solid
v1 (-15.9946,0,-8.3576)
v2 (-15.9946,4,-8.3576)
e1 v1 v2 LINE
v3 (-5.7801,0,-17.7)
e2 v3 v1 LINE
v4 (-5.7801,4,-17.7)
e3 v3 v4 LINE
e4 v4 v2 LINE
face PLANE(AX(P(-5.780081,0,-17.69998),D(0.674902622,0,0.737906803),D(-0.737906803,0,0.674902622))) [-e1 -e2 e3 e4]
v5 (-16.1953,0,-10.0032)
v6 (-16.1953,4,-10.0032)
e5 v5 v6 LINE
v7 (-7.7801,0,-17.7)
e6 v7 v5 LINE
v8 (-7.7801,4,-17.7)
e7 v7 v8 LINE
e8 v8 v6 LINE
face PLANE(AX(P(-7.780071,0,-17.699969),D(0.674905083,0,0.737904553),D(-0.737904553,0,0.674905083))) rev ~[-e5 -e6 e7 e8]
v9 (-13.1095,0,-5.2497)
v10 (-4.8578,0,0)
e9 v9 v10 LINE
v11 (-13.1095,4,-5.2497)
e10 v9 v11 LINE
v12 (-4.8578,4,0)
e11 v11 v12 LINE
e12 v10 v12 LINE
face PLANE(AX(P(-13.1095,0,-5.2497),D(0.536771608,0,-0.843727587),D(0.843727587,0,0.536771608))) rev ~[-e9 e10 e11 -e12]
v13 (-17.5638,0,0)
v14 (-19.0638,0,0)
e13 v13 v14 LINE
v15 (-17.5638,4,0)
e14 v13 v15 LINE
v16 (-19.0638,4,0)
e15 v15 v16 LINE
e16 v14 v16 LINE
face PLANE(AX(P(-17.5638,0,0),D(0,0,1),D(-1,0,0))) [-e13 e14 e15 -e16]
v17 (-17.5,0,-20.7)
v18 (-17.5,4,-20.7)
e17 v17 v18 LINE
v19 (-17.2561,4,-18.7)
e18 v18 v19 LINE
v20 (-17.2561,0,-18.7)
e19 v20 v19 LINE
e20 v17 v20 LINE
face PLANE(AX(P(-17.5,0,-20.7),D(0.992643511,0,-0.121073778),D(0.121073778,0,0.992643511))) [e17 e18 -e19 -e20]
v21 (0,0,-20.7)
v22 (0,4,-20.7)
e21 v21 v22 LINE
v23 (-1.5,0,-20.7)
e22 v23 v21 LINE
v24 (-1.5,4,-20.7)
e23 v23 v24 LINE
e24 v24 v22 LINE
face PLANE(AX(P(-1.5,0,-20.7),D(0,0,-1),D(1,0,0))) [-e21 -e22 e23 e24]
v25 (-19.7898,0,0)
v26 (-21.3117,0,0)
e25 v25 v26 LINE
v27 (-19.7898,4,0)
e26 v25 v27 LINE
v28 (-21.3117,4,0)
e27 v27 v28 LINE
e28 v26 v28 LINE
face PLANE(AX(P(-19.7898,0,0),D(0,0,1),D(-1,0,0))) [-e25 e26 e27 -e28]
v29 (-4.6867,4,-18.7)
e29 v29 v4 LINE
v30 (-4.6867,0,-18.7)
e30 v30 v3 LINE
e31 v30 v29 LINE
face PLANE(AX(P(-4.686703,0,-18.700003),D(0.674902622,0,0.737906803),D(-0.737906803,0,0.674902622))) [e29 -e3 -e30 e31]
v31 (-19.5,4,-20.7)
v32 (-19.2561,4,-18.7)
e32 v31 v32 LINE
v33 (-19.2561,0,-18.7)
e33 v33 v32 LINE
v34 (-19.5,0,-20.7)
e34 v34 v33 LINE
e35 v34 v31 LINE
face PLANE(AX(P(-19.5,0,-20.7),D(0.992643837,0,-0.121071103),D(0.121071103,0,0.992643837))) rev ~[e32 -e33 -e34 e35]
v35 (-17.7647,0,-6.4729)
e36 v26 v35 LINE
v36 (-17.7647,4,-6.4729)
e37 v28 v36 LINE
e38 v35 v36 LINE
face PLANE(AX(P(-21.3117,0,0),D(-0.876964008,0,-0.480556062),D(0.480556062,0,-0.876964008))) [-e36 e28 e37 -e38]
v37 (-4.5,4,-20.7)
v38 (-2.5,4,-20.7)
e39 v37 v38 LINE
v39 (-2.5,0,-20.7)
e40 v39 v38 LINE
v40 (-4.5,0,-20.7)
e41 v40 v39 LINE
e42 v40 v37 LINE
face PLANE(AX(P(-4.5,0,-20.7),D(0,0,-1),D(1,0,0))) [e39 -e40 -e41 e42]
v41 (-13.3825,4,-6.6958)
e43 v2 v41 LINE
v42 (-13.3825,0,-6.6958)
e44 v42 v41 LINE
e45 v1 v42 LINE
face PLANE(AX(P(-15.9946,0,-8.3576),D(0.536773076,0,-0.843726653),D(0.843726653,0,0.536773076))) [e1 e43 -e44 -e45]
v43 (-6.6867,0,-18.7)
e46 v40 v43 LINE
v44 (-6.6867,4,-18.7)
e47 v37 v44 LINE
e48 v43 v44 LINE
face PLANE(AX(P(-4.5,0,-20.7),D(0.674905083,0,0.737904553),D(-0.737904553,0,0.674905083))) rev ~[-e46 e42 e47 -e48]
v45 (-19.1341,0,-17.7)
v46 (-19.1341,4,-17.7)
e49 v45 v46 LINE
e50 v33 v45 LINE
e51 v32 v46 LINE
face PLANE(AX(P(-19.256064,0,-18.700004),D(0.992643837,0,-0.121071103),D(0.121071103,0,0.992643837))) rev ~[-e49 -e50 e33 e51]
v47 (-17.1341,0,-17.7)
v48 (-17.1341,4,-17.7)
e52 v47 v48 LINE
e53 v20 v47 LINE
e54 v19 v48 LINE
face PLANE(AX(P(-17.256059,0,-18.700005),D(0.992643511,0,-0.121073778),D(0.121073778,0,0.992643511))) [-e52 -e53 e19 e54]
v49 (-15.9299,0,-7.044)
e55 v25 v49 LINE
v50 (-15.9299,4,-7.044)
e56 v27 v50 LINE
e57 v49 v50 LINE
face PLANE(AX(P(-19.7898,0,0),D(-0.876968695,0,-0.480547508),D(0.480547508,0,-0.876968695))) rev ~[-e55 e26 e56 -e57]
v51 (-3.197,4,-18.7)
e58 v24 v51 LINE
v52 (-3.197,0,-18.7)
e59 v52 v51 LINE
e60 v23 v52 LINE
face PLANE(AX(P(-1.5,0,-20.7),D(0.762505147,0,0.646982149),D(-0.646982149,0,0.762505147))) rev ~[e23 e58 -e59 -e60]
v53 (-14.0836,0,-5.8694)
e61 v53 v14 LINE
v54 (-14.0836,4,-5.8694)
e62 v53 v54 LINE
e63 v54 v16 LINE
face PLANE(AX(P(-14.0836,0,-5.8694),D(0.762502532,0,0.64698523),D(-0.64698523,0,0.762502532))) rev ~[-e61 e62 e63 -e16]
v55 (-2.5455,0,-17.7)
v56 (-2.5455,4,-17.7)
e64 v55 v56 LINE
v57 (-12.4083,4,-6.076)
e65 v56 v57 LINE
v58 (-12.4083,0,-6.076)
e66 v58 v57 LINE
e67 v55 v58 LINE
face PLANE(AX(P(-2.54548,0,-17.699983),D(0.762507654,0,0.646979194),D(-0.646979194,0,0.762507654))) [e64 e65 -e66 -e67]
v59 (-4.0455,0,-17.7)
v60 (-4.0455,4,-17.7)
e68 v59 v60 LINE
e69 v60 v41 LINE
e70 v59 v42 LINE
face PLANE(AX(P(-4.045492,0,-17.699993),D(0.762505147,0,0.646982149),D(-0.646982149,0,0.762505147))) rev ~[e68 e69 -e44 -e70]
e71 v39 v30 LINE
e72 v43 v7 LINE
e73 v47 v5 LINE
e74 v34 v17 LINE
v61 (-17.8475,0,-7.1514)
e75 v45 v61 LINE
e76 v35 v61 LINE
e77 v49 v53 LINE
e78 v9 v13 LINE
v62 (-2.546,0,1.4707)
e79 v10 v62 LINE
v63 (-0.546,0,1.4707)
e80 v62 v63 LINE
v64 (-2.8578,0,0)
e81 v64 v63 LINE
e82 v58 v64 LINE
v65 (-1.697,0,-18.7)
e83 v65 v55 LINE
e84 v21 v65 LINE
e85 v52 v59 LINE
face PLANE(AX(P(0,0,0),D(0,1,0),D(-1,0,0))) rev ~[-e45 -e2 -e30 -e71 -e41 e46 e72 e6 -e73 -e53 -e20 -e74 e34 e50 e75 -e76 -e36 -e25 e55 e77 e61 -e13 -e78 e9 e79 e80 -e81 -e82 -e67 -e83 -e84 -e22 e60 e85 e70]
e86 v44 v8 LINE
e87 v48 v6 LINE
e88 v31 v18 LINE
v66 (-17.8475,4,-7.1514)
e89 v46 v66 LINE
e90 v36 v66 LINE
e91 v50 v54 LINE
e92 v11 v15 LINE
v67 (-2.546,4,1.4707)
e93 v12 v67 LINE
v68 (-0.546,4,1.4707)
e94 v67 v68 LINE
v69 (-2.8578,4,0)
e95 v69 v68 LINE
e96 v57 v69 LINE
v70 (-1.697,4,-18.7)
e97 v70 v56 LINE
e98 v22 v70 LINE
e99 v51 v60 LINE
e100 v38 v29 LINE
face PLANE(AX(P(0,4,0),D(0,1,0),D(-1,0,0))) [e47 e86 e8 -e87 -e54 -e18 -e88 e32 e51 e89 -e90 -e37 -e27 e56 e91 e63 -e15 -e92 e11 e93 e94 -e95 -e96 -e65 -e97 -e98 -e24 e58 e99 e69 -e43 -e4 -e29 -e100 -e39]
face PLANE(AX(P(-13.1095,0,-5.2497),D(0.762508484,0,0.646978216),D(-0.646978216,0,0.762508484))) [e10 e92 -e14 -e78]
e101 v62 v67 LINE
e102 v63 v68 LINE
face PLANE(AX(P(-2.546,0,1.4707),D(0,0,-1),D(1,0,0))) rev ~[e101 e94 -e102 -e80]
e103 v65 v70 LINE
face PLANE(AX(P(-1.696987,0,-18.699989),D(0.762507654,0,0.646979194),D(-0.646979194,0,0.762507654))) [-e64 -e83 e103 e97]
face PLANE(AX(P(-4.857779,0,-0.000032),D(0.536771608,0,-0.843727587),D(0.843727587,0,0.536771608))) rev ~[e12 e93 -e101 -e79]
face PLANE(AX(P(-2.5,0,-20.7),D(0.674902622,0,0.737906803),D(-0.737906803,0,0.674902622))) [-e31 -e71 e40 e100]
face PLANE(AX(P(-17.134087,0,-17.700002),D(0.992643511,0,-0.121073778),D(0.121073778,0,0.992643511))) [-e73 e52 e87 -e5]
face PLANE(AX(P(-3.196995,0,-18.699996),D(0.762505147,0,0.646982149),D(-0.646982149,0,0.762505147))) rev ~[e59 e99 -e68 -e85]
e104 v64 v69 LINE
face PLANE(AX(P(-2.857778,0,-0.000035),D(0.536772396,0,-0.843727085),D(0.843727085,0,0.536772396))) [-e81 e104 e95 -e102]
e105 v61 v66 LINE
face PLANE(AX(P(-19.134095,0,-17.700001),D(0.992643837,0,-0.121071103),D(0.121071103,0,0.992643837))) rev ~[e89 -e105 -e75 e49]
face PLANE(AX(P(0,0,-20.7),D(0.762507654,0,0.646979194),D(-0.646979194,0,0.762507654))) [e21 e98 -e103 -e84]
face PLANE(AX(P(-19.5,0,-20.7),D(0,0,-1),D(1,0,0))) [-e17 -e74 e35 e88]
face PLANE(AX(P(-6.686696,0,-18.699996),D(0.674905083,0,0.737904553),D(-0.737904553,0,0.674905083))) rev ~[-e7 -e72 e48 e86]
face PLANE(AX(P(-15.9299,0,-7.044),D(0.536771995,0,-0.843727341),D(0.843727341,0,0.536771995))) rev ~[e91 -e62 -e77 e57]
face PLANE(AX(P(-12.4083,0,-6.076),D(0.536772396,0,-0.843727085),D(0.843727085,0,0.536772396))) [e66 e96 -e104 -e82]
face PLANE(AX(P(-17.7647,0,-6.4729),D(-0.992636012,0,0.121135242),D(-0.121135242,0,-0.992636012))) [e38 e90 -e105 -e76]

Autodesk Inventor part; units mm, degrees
ref_plane "YZ Plane" through (0, 0, 0) normal (1, 0, 0) x (0, 1, 0)
ref_plane "XZ Plane" through (0, 0, 0) normal (0, 1, 0) x (-1, 0, 0)
ref_plane "XY Plane" through (0, 0, 0) normal (0, 0, 1) x (1, 0, 0)
sketch "Sketch1" plane through (0, 0, 0) normal (0, 1, 0) x (-1, 0, 0)
  line L0 (22.5, 0) -> (22.5, -17.7)
  line L1 (0, -17.7) -> (0, 0)
  line L2 (0, -17.7) -> (0, -18.7)
  line L3 (22.5, -18.7) -> (22.5, -17.7)
  line L4 (22.5, -18.7) -> (22.5, -20.7)
  line L5 (22.5, -20.7) -> (0, -20.7)
  line L6 (0, -20.7) -> (0, -18.7)
  line L7 (22.5, -5.2144) -> (27.7427, -5.2144)
  line L8 (27.7427, -5.2144) -> (27.7427, -12.0619)
  line L9 (27.7427, -12.0619) -> (22.5, -12.0619)
  line L10 (22.5, -12.0619) -> (22.5, -5.2144)
  line L11 (22.5, -18.7) -> (20.5, -18.7)
  line L12 (20.5, -18.7) -> (20.5, -20.7)
  line L13 (20.5, -20.7) -> (22.5, -20.7)
  line L14 (22.5, -20.7) -> (22.5, -18.7)
  line L15 (20.5, -20.7) -> (19.5, -20.7)
  line L16 (19.5, -20.7) -> (19.5, -18.7)
  line L17 (19.5, -18.7) -> (20.5, -18.7)
  line L18 (20.5, -18.7) -> (20.5, -20.7)
  line L19 (19.5, -20.7) -> (17.8475, -7.1514)
  line L20 (2.5, -20.7) -> (15.9946, -8.3576)
  line L21 (4.5, -20.7) -> (16.1953, -10.0032)
  line L22 (19.7898, 0) -> (15.8518, -7.1866)
  line L23 (21.3117, 0) -> (17.7647, -6.4729)
  line L24 (17.7647, -6.4729) -> (17.8475, -7.1514)
  line L25 (2.546, 1.4707) -> (0.546, 1.4707)
  line L26 (17.5, -20.7) -> (16.1953, -10.0032)
  line L27 (15.8518, -7.1866) -> (15.8475, -7.1514)
  line L28 (1.5, -20.7) -> (13.3825, -6.6958)
  line L29 (14.0836, -5.8694) -> (19.0638, 0)
  line L30 (0, -20.7) -> (12.4083, -6.076)
  line L31 (13.1095, -5.2497) -> (17.5638, 0)
  line L32 (15.9946, -8.3576) -> (13.3825, -6.6958)
  line L33 (12.4083, -6.076) -> (0.546, 1.4707)
  line L34 (15.9299, -7.044) -> (14.0836, -5.8694)
  line L35 (13.1095, -5.2497) -> (2.546, 1.4707)
  line L36 (0, 0) -> (2.8578, 0)
  line L37 (4.8578, 0) -> (22.5, 0)
  line L38 (19.2561, -18.7) -> (22.5, -18.7)
  line L39 (19.2561, -18.7) -> (22.5, -18.7)
  line L40 (22.5, -17.7) -> (19.1341, -17.7)
  line L41 (22.5, -17.7) -> (19.1341, -17.7)
  line L42 (6.6867, -18.7) -> (17.2561, -18.7)
  line L43 (6.6867, -18.7) -> (17.2561, -18.7)
  line L44 (17.1341, -17.7) -> (7.7801, -17.7)
  line L45 (17.1341, -17.7) -> (7.7801, -17.7)
  line L46 (0, -18.7) -> (1.697, -18.7)
  line L47 (3.197, -18.7) -> (4.6867, -18.7)
  line L48 (0, -18.7) -> (1.697, -18.7)
  line L49 (3.197, -18.7) -> (4.6867, -18.7)
  line L50 (5.7801, -17.7) -> (4.0455, -17.7)
  line L51 (2.5455, -17.7) -> (0, -17.7)
  line L52 (5.7801, -17.7) -> (4.0455, -17.7)
  line L53 (2.5455, -17.7) -> (0, -17.7)
  point P0 (0, -8.85)
  dimension "d0" = 22.5
  dimension "d1" = 17.7
  dimension "d10" = 2
  dimension "d11" = 2
  dimension "d12" = 1
extrude "Extrusion3" add sketch "Sketch1" along normal blind 4 contours L23 L24 L19 L5 L26 L21 L20 L32 L28 L30 L33 L25 L35 L31 L37 L29 L34 L22
properties part number "ESP32_C3_SM"
